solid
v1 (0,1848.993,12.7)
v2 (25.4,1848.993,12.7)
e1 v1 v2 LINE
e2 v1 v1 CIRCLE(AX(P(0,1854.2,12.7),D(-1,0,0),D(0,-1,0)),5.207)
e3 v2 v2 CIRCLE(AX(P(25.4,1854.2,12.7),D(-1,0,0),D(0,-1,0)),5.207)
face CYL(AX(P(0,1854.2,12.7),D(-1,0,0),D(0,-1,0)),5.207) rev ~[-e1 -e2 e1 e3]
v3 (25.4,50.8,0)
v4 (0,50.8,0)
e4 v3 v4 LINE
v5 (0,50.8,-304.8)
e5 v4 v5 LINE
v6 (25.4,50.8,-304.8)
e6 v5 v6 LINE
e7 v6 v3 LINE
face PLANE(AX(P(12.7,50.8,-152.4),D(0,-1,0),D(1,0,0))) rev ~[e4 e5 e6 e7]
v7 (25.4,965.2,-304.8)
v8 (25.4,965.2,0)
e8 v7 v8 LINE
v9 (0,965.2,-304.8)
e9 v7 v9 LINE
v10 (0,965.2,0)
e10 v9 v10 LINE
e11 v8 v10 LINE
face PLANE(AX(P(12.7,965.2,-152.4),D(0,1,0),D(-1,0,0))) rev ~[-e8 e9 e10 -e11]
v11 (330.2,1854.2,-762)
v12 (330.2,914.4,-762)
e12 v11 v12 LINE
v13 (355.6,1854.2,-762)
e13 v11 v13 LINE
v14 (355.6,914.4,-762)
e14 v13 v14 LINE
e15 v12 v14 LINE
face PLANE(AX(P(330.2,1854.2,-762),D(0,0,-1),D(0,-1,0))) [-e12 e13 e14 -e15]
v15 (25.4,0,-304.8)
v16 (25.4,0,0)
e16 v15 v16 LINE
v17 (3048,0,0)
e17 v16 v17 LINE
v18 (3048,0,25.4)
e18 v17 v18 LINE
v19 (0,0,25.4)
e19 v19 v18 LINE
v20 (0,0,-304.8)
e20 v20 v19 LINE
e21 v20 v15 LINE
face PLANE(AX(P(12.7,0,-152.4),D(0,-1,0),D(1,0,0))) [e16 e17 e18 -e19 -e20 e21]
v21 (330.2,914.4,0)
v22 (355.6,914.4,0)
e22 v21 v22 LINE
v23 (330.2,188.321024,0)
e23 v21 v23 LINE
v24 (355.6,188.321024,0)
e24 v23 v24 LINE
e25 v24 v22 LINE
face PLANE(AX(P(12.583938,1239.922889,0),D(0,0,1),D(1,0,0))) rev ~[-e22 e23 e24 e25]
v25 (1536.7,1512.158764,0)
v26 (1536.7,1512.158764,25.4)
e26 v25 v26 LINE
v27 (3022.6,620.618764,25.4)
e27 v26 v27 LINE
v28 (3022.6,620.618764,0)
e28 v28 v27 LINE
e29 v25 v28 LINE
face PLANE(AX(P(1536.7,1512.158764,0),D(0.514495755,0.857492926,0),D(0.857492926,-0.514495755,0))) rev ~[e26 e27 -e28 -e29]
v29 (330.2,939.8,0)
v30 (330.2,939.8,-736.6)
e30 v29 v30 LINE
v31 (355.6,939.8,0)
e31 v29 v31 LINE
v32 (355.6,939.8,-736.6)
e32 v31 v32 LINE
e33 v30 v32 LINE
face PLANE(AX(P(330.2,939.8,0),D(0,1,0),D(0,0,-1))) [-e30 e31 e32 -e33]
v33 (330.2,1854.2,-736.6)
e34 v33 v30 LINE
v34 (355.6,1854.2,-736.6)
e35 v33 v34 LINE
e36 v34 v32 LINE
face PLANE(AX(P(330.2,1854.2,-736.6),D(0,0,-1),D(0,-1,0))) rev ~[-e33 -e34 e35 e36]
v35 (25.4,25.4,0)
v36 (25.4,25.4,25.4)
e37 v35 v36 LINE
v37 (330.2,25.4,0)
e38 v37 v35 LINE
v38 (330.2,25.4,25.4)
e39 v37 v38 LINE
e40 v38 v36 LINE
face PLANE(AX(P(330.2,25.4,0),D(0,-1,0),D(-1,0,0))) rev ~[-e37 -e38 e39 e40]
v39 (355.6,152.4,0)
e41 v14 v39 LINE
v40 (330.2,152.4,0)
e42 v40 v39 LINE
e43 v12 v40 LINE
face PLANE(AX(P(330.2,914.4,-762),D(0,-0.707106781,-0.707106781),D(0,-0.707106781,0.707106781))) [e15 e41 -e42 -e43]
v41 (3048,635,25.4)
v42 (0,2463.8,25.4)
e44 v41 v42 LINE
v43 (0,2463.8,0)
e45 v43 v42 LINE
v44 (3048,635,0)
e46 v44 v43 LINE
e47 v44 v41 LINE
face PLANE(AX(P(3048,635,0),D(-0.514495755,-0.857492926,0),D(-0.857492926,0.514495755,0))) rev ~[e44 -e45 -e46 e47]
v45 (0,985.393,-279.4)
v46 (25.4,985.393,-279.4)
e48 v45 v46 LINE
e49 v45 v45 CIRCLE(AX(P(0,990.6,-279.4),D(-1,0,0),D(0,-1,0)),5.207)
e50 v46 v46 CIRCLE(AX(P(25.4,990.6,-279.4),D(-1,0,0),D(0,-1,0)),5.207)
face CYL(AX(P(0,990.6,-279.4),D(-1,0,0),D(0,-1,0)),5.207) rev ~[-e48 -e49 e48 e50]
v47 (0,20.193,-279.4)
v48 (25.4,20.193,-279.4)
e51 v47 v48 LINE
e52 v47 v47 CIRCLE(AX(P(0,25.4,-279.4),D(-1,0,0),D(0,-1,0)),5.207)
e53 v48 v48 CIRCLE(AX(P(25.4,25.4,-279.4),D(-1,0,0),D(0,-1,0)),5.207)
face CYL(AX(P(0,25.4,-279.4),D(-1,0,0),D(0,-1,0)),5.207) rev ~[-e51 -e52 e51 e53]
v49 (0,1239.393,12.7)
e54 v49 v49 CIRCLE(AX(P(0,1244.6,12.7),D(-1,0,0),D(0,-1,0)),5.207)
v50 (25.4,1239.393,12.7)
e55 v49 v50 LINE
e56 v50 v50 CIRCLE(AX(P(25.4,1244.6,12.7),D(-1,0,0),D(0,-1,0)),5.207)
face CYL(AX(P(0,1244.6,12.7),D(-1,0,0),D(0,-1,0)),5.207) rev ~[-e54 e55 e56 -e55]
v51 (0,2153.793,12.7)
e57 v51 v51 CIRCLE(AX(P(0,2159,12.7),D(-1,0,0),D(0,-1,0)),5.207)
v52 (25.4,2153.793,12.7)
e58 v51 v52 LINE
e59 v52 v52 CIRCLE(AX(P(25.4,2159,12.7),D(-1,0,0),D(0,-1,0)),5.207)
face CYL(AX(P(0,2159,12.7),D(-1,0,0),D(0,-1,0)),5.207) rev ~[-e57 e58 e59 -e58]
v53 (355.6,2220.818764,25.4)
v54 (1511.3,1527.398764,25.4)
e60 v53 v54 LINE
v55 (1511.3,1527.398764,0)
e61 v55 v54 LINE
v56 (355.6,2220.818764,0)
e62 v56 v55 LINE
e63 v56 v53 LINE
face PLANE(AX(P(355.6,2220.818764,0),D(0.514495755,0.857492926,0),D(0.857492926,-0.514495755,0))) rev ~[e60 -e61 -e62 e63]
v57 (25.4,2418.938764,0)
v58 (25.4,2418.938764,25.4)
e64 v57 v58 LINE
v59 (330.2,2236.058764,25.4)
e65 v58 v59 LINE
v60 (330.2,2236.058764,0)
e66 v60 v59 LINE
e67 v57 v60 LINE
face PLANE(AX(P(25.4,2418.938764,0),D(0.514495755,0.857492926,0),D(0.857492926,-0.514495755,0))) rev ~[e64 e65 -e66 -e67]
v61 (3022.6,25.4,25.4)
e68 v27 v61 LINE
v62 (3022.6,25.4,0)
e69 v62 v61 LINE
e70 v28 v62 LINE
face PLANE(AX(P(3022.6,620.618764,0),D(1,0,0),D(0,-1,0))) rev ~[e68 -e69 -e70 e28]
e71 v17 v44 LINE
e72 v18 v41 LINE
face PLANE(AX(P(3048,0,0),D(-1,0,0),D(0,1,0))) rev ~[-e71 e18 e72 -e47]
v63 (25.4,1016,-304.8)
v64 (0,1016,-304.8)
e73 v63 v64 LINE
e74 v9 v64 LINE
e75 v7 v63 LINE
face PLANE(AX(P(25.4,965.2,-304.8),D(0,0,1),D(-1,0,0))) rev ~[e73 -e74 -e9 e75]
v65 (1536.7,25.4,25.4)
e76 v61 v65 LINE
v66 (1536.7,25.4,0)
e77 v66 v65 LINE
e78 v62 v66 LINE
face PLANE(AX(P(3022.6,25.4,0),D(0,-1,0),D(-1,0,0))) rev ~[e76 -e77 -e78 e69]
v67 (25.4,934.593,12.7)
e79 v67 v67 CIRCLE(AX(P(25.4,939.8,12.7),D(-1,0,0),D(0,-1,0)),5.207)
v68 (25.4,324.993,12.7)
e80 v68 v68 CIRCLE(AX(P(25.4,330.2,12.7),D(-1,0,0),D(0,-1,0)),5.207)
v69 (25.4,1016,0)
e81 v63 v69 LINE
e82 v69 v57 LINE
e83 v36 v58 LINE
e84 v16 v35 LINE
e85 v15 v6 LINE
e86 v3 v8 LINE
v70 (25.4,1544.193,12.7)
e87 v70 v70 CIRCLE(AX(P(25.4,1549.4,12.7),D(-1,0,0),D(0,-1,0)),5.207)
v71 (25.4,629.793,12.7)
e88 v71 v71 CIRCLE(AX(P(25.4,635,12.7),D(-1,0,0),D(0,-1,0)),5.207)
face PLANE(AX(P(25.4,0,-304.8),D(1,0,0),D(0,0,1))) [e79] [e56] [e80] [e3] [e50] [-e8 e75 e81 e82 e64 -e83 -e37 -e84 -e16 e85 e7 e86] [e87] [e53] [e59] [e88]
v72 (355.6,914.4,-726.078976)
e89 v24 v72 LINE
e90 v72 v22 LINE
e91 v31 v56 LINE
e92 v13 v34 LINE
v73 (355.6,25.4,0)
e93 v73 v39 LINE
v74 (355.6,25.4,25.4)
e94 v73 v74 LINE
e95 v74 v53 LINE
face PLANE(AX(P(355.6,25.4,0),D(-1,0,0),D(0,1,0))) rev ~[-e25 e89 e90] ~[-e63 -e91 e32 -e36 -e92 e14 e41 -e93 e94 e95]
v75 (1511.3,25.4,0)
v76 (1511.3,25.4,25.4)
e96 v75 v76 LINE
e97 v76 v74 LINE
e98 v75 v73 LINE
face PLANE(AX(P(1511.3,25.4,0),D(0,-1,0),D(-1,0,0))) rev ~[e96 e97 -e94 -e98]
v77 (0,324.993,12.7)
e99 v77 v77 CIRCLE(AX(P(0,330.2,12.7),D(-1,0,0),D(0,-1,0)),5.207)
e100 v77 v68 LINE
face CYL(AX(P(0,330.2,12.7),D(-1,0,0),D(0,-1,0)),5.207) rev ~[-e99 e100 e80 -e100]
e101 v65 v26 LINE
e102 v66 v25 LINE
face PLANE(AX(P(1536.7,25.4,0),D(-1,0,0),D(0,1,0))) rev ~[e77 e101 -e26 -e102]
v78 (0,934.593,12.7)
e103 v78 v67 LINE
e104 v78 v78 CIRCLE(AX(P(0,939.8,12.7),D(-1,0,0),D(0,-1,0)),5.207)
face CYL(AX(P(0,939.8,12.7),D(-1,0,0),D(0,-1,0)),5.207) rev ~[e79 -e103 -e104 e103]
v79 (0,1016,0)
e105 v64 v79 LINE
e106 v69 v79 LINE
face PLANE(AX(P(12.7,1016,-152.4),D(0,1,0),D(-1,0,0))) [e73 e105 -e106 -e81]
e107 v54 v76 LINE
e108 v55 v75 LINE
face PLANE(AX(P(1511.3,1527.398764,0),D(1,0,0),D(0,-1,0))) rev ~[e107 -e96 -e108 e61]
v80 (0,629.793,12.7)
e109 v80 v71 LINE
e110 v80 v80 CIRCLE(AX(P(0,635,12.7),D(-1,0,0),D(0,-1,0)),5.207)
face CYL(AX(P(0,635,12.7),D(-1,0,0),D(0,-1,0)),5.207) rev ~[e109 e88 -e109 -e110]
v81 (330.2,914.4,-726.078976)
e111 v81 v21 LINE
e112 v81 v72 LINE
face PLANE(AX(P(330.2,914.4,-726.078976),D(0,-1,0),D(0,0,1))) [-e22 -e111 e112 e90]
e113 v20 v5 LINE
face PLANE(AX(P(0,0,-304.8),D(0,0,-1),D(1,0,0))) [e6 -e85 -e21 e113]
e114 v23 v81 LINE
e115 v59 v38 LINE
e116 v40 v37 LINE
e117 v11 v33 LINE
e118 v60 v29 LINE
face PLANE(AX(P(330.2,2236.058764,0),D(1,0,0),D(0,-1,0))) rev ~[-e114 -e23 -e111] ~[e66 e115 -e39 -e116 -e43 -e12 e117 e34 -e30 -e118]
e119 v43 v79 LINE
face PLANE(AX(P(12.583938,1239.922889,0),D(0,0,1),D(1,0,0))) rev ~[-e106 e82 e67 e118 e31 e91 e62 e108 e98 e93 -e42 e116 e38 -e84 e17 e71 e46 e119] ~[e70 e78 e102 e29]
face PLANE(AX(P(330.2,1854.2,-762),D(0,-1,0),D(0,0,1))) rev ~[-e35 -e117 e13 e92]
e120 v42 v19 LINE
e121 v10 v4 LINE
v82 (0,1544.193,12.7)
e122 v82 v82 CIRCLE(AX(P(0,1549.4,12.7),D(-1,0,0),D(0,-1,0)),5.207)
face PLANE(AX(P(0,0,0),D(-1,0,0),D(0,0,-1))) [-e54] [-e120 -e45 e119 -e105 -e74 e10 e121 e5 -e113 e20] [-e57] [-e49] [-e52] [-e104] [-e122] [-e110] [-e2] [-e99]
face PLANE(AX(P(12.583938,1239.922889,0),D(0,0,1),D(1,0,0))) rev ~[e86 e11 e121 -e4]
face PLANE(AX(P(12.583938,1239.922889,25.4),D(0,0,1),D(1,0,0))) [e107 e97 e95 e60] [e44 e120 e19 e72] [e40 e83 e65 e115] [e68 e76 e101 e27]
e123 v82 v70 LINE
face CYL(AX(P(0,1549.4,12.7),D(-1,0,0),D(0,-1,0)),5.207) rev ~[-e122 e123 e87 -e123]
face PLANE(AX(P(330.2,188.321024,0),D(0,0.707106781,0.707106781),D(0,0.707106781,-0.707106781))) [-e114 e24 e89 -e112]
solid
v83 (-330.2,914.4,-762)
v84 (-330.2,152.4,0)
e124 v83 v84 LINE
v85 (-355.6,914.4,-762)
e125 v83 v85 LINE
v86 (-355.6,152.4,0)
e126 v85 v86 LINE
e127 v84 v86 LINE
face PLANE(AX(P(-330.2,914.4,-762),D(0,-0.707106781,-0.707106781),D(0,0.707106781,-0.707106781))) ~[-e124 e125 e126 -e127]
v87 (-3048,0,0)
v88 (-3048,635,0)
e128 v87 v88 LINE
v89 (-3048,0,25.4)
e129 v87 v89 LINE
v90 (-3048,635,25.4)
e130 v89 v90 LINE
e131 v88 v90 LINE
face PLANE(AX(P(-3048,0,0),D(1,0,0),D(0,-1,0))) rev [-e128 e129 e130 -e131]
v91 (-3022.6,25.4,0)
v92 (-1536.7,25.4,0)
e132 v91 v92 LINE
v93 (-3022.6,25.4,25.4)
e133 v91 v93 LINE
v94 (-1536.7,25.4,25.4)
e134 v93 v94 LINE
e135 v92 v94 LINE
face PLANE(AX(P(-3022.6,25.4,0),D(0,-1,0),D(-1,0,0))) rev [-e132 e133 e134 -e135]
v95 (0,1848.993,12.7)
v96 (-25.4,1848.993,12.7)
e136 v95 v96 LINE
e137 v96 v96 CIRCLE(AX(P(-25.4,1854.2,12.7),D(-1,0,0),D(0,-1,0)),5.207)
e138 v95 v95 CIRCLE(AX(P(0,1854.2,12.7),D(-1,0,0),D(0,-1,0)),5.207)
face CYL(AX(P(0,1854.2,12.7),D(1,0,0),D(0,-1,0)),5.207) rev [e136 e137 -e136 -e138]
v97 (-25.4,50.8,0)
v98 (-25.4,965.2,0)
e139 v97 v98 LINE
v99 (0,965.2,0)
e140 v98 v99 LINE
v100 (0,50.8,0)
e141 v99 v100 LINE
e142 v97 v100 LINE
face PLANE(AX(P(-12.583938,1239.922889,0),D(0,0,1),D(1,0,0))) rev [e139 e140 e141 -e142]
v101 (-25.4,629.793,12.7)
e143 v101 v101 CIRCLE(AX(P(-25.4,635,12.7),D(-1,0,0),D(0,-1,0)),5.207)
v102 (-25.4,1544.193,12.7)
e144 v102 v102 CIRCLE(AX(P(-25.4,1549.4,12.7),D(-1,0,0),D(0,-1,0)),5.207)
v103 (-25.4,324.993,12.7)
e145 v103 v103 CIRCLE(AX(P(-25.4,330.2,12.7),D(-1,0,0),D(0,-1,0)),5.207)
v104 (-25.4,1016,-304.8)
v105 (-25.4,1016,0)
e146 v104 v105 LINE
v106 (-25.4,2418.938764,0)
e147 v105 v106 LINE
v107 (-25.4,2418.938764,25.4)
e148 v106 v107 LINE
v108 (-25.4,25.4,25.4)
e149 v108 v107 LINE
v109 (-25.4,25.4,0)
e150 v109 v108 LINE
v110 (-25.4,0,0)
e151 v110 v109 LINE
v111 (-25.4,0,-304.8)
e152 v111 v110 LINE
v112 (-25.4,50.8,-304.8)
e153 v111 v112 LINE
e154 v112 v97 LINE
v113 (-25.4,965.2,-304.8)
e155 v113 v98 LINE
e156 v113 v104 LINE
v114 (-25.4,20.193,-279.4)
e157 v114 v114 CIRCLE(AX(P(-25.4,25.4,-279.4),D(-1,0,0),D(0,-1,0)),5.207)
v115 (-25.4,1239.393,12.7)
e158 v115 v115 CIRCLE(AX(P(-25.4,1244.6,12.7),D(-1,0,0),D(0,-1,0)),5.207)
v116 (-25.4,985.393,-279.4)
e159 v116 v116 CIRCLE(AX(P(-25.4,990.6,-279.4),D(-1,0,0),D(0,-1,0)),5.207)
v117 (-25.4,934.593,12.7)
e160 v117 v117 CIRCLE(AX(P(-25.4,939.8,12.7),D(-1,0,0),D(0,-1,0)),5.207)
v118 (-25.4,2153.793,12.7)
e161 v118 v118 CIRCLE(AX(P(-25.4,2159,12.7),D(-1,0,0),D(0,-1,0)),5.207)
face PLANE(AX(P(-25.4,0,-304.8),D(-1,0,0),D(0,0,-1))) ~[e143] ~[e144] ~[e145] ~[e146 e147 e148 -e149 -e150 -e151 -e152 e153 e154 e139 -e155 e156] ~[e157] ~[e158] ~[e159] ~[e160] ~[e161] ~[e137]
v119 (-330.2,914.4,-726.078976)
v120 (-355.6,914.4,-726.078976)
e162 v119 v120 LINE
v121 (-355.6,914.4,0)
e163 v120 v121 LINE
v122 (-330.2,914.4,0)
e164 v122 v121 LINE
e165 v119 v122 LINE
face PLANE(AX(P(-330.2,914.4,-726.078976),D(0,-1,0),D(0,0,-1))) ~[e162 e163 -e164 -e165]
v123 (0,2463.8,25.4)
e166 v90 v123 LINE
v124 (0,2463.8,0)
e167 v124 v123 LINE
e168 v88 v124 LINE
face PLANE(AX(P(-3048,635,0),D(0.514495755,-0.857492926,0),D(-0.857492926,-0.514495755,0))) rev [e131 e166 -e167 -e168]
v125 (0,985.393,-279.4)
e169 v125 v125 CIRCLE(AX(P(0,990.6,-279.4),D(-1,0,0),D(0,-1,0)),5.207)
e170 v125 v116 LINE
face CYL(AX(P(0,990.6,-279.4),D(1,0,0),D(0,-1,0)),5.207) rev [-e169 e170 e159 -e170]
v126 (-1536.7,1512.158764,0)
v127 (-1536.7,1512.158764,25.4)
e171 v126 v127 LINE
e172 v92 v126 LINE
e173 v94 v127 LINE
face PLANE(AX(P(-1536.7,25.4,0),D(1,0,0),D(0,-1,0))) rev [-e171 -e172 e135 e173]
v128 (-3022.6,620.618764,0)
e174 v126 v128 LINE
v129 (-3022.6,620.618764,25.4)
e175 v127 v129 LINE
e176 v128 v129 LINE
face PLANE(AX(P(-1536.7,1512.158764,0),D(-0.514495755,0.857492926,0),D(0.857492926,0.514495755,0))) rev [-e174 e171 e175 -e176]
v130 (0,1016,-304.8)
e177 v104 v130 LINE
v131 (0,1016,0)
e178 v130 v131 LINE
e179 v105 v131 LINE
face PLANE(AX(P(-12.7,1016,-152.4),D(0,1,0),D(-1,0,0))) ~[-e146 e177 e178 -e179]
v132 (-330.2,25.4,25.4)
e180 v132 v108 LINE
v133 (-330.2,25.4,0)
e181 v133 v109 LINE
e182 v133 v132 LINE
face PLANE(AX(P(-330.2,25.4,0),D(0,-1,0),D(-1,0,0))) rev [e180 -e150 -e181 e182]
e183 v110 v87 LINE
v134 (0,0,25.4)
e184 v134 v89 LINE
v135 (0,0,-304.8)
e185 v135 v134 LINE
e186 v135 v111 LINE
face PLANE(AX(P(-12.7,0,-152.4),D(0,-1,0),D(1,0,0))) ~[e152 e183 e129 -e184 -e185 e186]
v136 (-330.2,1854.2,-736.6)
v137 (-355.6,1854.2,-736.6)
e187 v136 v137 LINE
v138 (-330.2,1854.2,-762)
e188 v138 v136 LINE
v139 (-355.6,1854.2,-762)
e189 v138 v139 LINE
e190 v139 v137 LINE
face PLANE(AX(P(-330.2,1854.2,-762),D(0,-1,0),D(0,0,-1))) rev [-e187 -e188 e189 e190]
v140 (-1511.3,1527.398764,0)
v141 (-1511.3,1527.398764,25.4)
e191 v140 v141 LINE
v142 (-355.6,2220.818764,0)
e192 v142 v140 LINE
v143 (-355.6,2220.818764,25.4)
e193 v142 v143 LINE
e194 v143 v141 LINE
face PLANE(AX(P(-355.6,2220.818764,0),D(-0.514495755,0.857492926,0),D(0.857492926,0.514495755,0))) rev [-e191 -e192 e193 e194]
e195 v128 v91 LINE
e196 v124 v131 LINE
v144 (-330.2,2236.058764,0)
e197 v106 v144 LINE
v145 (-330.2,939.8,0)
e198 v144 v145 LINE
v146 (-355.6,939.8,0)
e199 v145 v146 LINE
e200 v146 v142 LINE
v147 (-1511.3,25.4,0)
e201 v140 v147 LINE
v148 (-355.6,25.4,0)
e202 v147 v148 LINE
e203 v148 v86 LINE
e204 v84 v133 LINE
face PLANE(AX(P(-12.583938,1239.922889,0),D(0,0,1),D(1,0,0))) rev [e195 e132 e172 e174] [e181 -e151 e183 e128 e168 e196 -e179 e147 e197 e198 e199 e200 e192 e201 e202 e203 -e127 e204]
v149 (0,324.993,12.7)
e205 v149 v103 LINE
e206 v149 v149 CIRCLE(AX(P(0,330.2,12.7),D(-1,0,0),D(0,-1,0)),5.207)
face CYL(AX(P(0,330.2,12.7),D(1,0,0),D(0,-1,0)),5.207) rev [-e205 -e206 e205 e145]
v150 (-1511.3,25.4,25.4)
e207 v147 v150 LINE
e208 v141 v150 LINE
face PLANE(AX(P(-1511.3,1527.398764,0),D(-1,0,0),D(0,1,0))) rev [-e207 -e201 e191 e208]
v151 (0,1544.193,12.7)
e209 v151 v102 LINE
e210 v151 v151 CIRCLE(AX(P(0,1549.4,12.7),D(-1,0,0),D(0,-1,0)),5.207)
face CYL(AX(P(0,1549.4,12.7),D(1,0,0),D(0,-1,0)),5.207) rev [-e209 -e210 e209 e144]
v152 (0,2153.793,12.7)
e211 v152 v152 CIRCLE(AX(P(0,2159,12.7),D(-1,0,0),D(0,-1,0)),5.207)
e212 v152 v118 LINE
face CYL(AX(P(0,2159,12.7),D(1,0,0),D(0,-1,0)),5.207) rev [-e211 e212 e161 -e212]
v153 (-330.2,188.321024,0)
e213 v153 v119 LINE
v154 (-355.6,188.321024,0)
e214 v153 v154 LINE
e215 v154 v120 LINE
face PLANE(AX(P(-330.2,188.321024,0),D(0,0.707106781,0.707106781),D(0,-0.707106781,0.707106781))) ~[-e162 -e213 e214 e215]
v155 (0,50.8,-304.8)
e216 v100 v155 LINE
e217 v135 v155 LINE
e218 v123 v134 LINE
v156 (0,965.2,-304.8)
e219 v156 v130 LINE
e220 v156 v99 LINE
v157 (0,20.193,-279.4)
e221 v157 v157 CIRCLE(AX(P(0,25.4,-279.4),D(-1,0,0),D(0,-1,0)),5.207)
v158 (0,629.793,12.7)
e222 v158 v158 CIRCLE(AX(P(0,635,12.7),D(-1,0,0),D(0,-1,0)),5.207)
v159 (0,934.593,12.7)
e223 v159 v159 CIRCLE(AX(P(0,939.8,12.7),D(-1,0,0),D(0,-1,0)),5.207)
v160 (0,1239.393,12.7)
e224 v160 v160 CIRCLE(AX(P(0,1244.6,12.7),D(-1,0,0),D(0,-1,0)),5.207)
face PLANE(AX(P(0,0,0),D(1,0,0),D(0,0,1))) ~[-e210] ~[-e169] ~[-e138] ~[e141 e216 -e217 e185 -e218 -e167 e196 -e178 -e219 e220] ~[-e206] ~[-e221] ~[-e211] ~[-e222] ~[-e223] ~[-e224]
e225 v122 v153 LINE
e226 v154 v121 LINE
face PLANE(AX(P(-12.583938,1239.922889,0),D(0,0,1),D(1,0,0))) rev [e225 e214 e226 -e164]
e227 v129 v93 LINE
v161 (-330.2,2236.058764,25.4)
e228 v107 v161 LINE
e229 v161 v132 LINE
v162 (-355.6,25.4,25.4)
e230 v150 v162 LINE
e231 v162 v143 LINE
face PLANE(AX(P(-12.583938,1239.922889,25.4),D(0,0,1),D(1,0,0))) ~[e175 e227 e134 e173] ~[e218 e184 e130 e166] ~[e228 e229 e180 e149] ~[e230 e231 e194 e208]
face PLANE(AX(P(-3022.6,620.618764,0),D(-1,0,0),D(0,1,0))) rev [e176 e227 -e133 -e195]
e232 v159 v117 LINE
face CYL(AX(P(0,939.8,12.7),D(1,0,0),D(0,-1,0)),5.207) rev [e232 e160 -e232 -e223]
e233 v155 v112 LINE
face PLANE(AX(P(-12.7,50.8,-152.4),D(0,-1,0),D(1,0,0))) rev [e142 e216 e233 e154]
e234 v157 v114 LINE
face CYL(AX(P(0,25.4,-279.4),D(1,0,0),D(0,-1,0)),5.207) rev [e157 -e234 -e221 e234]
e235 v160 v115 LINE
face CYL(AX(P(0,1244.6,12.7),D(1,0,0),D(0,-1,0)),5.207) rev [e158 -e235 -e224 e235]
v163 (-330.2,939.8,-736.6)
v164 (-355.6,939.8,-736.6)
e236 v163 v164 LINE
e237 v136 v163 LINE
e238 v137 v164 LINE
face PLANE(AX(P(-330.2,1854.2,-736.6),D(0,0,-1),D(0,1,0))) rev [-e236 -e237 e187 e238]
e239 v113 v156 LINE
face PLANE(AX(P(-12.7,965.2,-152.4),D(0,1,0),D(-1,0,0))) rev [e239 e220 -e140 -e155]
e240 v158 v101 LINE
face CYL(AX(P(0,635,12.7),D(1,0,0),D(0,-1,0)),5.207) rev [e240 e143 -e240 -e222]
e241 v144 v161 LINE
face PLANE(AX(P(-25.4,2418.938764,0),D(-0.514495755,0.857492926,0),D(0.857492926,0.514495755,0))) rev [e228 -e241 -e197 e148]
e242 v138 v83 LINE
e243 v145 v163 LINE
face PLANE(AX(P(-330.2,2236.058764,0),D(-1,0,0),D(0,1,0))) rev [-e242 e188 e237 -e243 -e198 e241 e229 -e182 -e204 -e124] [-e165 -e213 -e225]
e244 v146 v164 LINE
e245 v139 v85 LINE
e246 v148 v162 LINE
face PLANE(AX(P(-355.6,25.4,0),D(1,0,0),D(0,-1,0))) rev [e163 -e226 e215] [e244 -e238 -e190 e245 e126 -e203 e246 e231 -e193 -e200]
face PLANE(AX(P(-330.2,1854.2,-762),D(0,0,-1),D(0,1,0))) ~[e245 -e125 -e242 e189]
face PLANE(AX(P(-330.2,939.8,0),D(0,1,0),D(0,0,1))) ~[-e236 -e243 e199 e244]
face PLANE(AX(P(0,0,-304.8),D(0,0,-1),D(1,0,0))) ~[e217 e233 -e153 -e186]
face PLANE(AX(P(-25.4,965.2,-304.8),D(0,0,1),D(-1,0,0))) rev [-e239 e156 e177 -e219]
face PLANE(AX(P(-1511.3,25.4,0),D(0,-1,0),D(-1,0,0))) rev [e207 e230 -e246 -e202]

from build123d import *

# Parameters (mm, degrees)
F1_DEPTH  = 25.4
F3_DEPTH  = 50.8
F5_W      = 25.4
F5_H      = 304.8
F6_DEPTH  = 50.8
F7_W      = 914.4
F7_H      = 25.4
F8_DEPTH  = 25.4
F9_R      = 5.207
F10_DEPTH = 25.4


with BuildPart() as f1:
    # F0 (on Top) → F1 (new body)
    with BuildSketch(Plane.XY):
        Polygon((0, 2463.8), (0, 25.4), (25.4, 25.4), (25.4, 2418.9387643742), align=None)
        Polygon((3048, 635), (0, 2463.8), (25.4, 2418.9387643742), (330.2, 2236.0587643742), (355.6, 2220.8187643742), (1511.3, 1527.3987643742), (1536.7, 1512.1587643742), (3022.6, 620.6187643742), align=None)
        Polygon((1511.3, 25.4), (1536.7, 25.4), (1536.7, 1512.1587643742), (1511.3, 1527.3987643742), align=None)
        Polygon((3022.6, 25.4), (3048, 25.4), (3048, 635), (3022.6, 620.6187643742), align=None)
        Polygon((0, 25.4), (0, 0), (3048, 0), (3048, 25.4), (3022.6, 25.4), (1536.7, 25.4), (1511.3, 25.4), (355.6, 25.4), (330.2, 25.4), (25.4, 25.4), align=None)
        Polygon((330.2, 2236.0587643742), (330.2, 25.4), (355.6, 25.4), (355.6, 2220.8187643742), align=None)
    extrude(amount=F1_DEPTH)

    # F2 (on face) → F3 (join)
    with BuildSketch(Plane.XZ):
        Polygon((25.4, 0), (0, 0), (0, -304.8), (25.4, -304.8), (25.4, -279.4), (25.4, -243.4789755157), align=None)
    extrude(amount=-F3_DEPTH)

    # F5 (on offset) → F6 (join)
    with BuildSketch(Plane(origin=(0, 965.2, 0), x_dir=(-1, 0, 0), z_dir=(0, 1, 0))):
        with Locations((-12.7, -152.4)):
            Rectangle(F5_W, F5_H)
    extrude(amount=F6_DEPTH)

    # F7 (on face) → F8 (join)
    with BuildSketch(Plane(origin=(330.2, 0, 0), x_dir=(0, -1, 0), z_dir=(-1, 0, 0))):
        Polygon((-914.4, -762), (-152.4, 0), (-188.3210244843, 0), (-914.4, -726.0789755157), align=None)
        Polygon((-939.8, -762), (-914.4, -762), (-914.4, -726.0789755157), (-914.4, 0), (-939.8, 0), (-939.8, -736.6), align=None)
        with Locations((-1397, -749.3)):
            Rectangle(F7_W, F7_H)
    extrude(amount=-F8_DEPTH)

    # F9 (on face) → F10 (cut, through all)
    with BuildSketch(Plane(origin=(0, 0, 0), x_dir=(0, -1, 0), z_dir=(-1, 0, 0))):
        with Locations((-2159, 12.7)):
            Circle(F9_R)
        with Locations((-1854.2, 12.7)):
            Circle(F9_R)
        with Locations((-1549.4, 12.7)):
            Circle(F9_R)
        with Locations((-1244.6, 12.7)):
            Circle(F9_R)
        with Locations((-939.8, 12.7)):
            Circle(F9_R)
        with Locations((-990.6, -279.4)):
            Circle(F9_R)
        with Locations((-635, 12.7)):
            Circle(F9_R)
        with Locations((-330.2, 12.7)):
            Circle(F9_R)
        with Locations((-25.4, -279.4)):
            Circle(F9_R)
    extrude(amount=-F10_DEPTH, mode=Mode.SUBTRACT)


with BuildPart() as f11_1:
    # F11: instance of F1
    add(f1.part.mirror(Plane(origin=(0, 991.5317021022, -41.8690431459), x_dir=(0, -1, 0), z_dir=(-1, 0, 0))))


solid = Compound([f1.part, f11_1.part])
